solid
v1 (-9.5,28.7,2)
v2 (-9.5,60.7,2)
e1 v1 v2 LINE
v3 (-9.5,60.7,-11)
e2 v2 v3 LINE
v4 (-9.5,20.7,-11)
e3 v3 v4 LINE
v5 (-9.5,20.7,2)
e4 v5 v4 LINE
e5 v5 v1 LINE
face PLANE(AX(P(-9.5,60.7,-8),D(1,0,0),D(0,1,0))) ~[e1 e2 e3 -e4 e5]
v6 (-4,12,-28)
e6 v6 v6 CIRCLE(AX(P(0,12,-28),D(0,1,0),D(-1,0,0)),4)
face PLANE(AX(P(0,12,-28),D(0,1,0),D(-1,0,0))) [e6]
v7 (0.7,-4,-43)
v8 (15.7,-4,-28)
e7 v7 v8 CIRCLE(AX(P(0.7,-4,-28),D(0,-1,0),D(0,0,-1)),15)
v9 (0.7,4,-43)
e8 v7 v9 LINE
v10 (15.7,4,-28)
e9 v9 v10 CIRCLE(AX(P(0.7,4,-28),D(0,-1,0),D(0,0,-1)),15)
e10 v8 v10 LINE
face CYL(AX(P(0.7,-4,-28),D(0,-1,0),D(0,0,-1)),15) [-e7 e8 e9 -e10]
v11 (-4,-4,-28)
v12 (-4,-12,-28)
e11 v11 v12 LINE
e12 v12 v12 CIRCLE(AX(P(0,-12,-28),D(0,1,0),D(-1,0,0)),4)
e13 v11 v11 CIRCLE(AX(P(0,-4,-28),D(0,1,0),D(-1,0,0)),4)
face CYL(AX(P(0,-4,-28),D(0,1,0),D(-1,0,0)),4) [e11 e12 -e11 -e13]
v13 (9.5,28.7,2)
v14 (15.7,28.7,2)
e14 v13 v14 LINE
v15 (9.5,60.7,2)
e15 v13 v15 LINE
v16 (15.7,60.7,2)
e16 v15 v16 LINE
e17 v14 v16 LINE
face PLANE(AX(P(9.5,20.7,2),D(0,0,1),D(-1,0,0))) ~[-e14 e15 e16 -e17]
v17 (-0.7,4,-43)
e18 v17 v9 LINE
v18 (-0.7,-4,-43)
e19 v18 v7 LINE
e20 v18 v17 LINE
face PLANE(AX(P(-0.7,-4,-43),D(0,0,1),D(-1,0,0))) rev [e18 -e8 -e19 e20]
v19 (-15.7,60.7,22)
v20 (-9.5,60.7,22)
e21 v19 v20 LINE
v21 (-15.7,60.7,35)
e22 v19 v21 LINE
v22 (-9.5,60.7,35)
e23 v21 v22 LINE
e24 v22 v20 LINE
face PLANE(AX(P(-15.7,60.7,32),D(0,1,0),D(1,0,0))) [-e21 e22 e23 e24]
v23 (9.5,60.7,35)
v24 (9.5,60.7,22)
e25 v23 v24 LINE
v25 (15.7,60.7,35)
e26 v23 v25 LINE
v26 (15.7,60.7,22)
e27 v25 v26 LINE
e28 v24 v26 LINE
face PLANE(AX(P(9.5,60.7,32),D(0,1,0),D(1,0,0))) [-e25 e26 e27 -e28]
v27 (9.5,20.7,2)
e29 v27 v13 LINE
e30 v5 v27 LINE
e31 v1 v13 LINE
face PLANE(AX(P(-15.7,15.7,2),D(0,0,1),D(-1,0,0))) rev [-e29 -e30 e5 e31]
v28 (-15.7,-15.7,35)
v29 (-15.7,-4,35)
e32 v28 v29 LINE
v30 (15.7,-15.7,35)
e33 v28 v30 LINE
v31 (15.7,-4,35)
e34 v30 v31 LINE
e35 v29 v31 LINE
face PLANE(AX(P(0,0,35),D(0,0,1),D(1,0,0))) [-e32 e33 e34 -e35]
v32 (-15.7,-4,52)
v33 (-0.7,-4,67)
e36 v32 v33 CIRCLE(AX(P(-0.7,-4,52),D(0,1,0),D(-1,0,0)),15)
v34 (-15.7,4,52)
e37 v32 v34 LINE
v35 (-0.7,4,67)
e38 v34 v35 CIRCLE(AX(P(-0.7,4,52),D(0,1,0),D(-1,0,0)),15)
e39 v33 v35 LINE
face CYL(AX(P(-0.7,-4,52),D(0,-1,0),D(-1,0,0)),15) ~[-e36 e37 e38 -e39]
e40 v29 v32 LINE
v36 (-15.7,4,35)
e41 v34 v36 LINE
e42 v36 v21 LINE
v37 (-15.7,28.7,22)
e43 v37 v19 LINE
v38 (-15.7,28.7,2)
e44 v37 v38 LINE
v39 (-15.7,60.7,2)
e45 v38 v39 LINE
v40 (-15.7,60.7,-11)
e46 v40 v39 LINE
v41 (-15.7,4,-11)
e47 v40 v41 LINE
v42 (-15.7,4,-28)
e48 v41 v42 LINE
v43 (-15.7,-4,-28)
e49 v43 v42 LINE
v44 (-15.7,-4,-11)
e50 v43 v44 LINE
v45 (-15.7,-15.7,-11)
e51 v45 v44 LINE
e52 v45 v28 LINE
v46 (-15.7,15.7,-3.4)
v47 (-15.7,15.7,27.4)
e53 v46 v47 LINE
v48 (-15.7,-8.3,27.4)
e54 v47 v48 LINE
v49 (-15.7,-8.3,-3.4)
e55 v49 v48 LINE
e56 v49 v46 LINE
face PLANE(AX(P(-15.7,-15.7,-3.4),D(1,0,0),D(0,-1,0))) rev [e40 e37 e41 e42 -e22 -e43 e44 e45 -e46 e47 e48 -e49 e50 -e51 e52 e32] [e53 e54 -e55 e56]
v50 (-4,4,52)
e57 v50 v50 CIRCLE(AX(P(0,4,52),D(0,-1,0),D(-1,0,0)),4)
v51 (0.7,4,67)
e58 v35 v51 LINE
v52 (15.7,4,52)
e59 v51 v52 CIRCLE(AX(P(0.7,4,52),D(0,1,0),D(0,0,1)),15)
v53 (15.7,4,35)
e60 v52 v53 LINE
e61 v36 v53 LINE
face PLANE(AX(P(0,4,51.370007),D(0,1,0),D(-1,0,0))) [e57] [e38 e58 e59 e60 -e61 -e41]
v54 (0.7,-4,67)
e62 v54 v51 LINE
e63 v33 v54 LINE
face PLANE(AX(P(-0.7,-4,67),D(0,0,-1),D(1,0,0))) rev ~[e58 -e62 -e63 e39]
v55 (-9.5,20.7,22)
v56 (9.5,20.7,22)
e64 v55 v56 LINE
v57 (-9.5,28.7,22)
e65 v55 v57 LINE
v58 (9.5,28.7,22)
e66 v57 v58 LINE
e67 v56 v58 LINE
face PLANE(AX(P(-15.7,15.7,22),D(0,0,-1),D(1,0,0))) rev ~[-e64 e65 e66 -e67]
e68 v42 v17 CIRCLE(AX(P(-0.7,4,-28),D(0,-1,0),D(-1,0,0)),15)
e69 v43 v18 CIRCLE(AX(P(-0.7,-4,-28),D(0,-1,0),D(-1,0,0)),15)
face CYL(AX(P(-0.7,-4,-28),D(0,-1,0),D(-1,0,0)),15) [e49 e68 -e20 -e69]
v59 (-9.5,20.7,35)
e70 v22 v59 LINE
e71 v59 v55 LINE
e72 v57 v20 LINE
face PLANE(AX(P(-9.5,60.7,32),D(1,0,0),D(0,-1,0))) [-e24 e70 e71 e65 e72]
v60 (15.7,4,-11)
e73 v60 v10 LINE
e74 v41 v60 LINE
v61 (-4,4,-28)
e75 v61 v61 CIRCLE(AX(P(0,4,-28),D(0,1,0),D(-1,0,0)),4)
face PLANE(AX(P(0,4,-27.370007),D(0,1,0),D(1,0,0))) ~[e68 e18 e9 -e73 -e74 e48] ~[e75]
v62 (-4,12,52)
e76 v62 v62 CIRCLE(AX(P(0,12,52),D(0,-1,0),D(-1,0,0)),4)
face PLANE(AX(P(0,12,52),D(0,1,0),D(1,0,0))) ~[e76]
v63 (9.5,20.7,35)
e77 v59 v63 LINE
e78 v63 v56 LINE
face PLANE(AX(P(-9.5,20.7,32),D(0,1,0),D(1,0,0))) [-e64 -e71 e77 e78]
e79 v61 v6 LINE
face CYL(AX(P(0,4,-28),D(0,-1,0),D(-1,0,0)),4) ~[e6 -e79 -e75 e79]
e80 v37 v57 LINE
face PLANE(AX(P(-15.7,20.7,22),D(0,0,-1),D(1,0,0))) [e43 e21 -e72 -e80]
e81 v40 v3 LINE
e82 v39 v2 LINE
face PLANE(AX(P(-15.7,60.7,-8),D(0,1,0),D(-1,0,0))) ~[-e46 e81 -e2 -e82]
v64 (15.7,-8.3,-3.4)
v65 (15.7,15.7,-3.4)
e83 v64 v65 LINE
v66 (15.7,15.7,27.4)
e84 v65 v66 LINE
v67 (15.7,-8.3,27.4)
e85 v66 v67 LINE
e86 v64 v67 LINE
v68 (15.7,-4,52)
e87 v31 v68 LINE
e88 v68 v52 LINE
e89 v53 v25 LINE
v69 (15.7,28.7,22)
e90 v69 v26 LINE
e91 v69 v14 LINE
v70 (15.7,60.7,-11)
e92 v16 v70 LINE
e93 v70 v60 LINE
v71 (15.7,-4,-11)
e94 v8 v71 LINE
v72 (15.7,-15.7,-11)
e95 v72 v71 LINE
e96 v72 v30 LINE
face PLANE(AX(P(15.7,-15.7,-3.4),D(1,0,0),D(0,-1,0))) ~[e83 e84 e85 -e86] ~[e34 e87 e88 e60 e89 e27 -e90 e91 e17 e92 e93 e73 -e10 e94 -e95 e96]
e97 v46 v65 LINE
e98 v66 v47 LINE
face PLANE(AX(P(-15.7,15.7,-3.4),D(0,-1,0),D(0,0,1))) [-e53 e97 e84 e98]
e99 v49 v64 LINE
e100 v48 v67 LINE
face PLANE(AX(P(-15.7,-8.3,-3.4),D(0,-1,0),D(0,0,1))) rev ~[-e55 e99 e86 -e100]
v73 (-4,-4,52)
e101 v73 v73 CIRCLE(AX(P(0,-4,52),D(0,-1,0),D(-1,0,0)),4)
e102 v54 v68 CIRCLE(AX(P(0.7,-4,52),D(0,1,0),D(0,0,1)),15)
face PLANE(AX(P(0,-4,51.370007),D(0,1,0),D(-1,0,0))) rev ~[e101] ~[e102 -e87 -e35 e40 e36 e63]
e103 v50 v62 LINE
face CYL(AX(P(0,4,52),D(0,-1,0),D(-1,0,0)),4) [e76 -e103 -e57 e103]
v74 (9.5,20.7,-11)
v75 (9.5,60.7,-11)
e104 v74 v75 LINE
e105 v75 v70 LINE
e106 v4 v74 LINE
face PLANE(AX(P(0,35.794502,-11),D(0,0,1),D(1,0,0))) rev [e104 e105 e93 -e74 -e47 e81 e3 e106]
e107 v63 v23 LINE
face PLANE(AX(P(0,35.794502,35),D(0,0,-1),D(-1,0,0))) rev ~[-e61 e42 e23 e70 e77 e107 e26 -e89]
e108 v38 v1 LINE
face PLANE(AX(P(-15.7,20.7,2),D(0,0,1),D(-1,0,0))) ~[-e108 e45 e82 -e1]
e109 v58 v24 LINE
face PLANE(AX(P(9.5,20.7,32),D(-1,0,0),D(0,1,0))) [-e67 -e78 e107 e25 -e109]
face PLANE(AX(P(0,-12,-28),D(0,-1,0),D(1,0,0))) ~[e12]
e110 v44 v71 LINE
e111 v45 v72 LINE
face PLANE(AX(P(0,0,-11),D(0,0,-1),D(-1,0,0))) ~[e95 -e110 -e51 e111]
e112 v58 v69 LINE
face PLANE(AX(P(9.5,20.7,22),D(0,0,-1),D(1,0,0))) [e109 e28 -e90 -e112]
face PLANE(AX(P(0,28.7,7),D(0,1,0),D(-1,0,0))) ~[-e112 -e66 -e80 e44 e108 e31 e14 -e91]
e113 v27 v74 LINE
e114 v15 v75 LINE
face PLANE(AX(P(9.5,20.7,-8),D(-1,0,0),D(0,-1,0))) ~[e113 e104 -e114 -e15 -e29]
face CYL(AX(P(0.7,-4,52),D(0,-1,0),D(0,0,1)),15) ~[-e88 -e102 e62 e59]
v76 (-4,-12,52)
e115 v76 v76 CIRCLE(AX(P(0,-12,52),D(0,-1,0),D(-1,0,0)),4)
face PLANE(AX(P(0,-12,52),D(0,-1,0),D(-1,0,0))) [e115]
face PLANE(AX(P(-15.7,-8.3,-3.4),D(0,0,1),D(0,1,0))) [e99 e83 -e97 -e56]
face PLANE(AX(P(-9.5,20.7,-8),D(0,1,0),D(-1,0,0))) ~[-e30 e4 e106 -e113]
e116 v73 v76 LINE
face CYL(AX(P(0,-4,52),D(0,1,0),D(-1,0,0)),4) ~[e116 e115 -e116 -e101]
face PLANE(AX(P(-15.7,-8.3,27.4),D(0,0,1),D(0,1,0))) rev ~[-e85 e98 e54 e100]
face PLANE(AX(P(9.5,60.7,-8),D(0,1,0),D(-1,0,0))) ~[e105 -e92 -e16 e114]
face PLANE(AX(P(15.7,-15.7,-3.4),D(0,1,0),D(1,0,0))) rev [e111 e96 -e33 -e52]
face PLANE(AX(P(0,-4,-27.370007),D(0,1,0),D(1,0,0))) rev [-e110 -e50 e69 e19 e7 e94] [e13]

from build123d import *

# Parameters (mm, degrees)
SKETCH4_W               = 31.4
SKETCH4_H               = 31.4
SKETCH4_W_2             = 25.4
SKETCH4_H_2             = 25.4
BOSS_EXTRUDE3_DEPTH     = 30
SKETCH5_W               = 31.4
SKETCH5_H               = 31.4
BOSS_EXTRUDE4_DEPTH     = 5
SKETCH6_W               = 31.4
SKETCH6_H               = 8
BOSS_EXTRUDE5_DEPTH     = 5
BOSS_EXTRUDE6_DEPTH     = 8
SKETCH8_R               = 4
BOSS_EXTRUDE7_DEPTH     = 8
SKETCH9_W               = 31.4
SKETCH9_H               = 10
BOSS_EXTRUDE8_DEPTH     = 5
SKETCH10_W              = 31.4
SKETCH10_H              = 10
BOSS_EXTRUDE9_DEPTH     = 13
SKETCH11_W              = 6.2
SKETCH11_H              = 10
BOSS_EXTRUDE10_DEPTH    = 40
BOSS_EXTRUDE11_DEPTH    = 3
SKETCH13_W              = 31.4
SKETCH13_H              = 31.4
CUT_EXTRUDE1_DEPTH      = 31.4
SKETCH14_W              = 31.4
SKETCH14_H              = 31.4
BOSS_EXTRUDE12_DEPTH    = 4
SKETCH16_W              = 31.4
SKETCH16_H              = 8
BOSS_EXTRUDE13_DEPTH    = 15.4
MIRROR2_COPY_1_SKETCH_R = 4
MIRROR2_COPY_1_DEPTH    = 8
SKETCH17_W              = 30.8
SKETCH17_H              = 24
CUT_EXTRUDE2_DEPTH      = 31.4


with BuildPart() as part:
    # Sketch4 → Boss-Extrude3 (new body)
    with BuildSketch(Plane.XY):
        Rectangle(SKETCH4_W, SKETCH4_H)
        Rectangle(SKETCH4_W_2, SKETCH4_H_2, mode=Mode.SUBTRACT)
    boss_extrude3 = extrude(amount=BOSS_EXTRUDE3_DEPTH)

    # Sketch5 → Boss-Extrude4 (add)
    with BuildSketch(Plane.XY.offset(30)):
        Rectangle(SKETCH5_W, SKETCH5_H)
    boss_extrude4 = extrude(amount=BOSS_EXTRUDE4_DEPTH)

    # Sketch6 → Boss-Extrude5 (add)
    with BuildSketch(Plane.XY.offset(35)):
        Rectangle(SKETCH6_W, SKETCH6_H)
    boss_extrude5 = extrude(amount=BOSS_EXTRUDE5_DEPTH)

    # Sketch7 → Boss-Extrude6 (add)
    with BuildSketch(Plane.XZ.offset(4)):
        with BuildLine():
            Line((-15.7, 40), (-15.7, 52))
            ThreePointArc((-15.7, 52), (-11.306601718, 62.606601718), (-0.7, 67))
            Line((-0.7, 67), (0.7, 67))
            ThreePointArc((0.7, 67), (11.306601718, 62.606601718), (15.7, 52))
            Line((15.7, 52), (15.7, 40))
            Line((15.7, 40), (-15.7, 40))
        make_face()
    boss_extrude6 = extrude(amount=-BOSS_EXTRUDE6_DEPTH)

    # Sketch8 → Boss-Extrude7 (add)
    with BuildSketch(Plane.XZ.offset(4)):
        with Locations(Location((0, 52, 0), (0, 0, 180))):
            Circle(SKETCH8_R)
    boss_extrude7 = extrude(amount=BOSS_EXTRUDE7_DEPTH)

    # Mirror1: Boss-Extrude7 across plane
    add(boss_extrude7.mirror(Plane.ZX))

    # Sketch9 → Boss-Extrude8 (add)
    with BuildSketch(Plane(origin=(0, 15.7, 0), x_dir=(1, 0, 0), z_dir=(0, 1, 0))):
        with Locations((0, -27)):
            Rectangle(SKETCH9_W, SKETCH9_H)
    boss_extrude8 = extrude(amount=BOSS_EXTRUDE8_DEPTH)

    # Sketch10 → Boss-Extrude9 (add)
    with BuildSketch(Plane(origin=(0, 15.7, 0), x_dir=(1, 0, 0), z_dir=(0, 1, 0))):
        with Locations((0, -17)):
            Rectangle(SKETCH10_W, SKETCH10_H)
    boss_extrude9 = extrude(amount=BOSS_EXTRUDE9_DEPTH)

    # Sketch11 → Boss-Extrude10 (add)
    with BuildSketch(Plane(origin=(0, 20.7, 0), x_dir=(1, 0, 0), z_dir=(0, 1, 0))):
        with Locations((-12.6, -27)):
            Rectangle(SKETCH11_W, SKETCH11_H)
        with Locations((12.6, -27)):
            Rectangle(SKETCH11_W, SKETCH11_H)
    boss_extrude10 = extrude(amount=BOSS_EXTRUDE10_DEPTH)

    # Sketch12 → Boss-Extrude11 (add)
    with BuildSketch(Plane.XY.offset(32)):
        Polygon((-15.7, 60.7), (-9.5, 60.7), (-9.5, 20.7), (9.5, 20.7), (9.5, 60.7), (15.7, 60.7), (15.7, 15.7), (-15.7, 15.7), align=None)
    boss_extrude11 = extrude(amount=BOSS_EXTRUDE11_DEPTH)

    # Sketch13 → Cut-Extrude1 (cut)
    with BuildSketch(Plane.ZY.offset(15.7)):
        with Locations((15.7, 0)):
            Rectangle(SKETCH13_W, SKETCH13_H)
    extrude(amount=-CUT_EXTRUDE1_DEPTH, mode=Mode.SUBTRACT)

    # Sketch14 → Boss-Extrude12 (add)
    with BuildSketch(Plane(origin=(0, 0, 31.4), x_dir=(-1, 0, 0), z_dir=(0, 0, -1))):
        Rectangle(SKETCH14_W, SKETCH14_H)
    boss_extrude12 = extrude(amount=BOSS_EXTRUDE12_DEPTH)

    # Sketch16 → Boss-Extrude13 (add)
    with BuildSketch(Plane(origin=(0, 0, 27.4), x_dir=(-1, 0, 0), z_dir=(0, 0, -1))):
        with Locations((0, -11.7)):
            Rectangle(SKETCH16_W, SKETCH16_H)
    boss_extrude13 = extrude(amount=BOSS_EXTRUDE13_DEPTH)

    # Mirror2: Boss-Extrude3, Boss-Extrude4, Boss-Extrude5, Boss-Extrude6, Boss-Extrude7, Boss-Extrude8, Boss-Extrude9, Boss-Extrude10, Boss-Extrude11, Boss-Extrude12, Boss-Extrude13 across plane
    add(boss_extrude3.mirror(Plane(origin=(-15.7, 28.7, 12), x_dir=(1, 0, 0), z_dir=(0, 0, 1))))
    add(boss_extrude4.mirror(Plane(origin=(-15.7, 28.7, 12), x_dir=(1, 0, 0), z_dir=(0, 0, 1))))
    add(boss_extrude5.mirror(Plane(origin=(-15.7, 28.7, 12), x_dir=(1, 0, 0), z_dir=(0, 0, 1))))
    add(boss_extrude6.mirror(Plane(origin=(-15.7, 28.7, 12), x_dir=(1, 0, 0), z_dir=(0, 0, 1))))
    add(boss_extrude7.mirror(Plane(origin=(-15.7, 28.7, 12), x_dir=(1, 0, 0), z_dir=(0, 0, 1))))
    add(boss_extrude8.mirror(Plane(origin=(-15.7, 28.7, 12), x_dir=(1, 0, 0), z_dir=(0, 0, 1))))
    add(boss_extrude9.mirror(Plane(origin=(-15.7, 28.7, 12), x_dir=(1, 0, 0), z_dir=(0, 0, 1))))
    add(boss_extrude10.mirror(Plane(origin=(-15.7, 28.7, 12), x_dir=(1, 0, 0), z_dir=(0, 0, 1))))
    add(boss_extrude11.mirror(Plane(origin=(-15.7, 28.7, 12), x_dir=(1, 0, 0), z_dir=(0, 0, 1))))
    add(boss_extrude12.mirror(Plane(origin=(-15.7, 28.7, 12), x_dir=(1, 0, 0), z_dir=(0, 0, 1))))
    add(boss_extrude13.mirror(Plane(origin=(-15.7, 28.7, 12), x_dir=(1, 0, 0), z_dir=(0, 0, 1))))

    # Mirror2 copy 1 sketch → Mirror2 copy 1 (add)
    with BuildSketch(Plane(origin=(0, 4, 24), x_dir=(1, 0, 0), z_dir=(0, 1, 0))):
        with Locations(Location((0, 52, 0), (0, 0, 180))):
            Circle(MIRROR2_COPY_1_SKETCH_R)
    extrude(amount=MIRROR2_COPY_1_DEPTH)

    # Sketch17 → Cut-Extrude2 (cut)
    with BuildSketch(Plane.ZY.offset(15.7)):
        with Locations((12, 3.7)):
            Rectangle(SKETCH17_W, SKETCH17_H)
    extrude(amount=-CUT_EXTRUDE2_DEPTH, mode=Mode.SUBTRACT)


solid = part.part
